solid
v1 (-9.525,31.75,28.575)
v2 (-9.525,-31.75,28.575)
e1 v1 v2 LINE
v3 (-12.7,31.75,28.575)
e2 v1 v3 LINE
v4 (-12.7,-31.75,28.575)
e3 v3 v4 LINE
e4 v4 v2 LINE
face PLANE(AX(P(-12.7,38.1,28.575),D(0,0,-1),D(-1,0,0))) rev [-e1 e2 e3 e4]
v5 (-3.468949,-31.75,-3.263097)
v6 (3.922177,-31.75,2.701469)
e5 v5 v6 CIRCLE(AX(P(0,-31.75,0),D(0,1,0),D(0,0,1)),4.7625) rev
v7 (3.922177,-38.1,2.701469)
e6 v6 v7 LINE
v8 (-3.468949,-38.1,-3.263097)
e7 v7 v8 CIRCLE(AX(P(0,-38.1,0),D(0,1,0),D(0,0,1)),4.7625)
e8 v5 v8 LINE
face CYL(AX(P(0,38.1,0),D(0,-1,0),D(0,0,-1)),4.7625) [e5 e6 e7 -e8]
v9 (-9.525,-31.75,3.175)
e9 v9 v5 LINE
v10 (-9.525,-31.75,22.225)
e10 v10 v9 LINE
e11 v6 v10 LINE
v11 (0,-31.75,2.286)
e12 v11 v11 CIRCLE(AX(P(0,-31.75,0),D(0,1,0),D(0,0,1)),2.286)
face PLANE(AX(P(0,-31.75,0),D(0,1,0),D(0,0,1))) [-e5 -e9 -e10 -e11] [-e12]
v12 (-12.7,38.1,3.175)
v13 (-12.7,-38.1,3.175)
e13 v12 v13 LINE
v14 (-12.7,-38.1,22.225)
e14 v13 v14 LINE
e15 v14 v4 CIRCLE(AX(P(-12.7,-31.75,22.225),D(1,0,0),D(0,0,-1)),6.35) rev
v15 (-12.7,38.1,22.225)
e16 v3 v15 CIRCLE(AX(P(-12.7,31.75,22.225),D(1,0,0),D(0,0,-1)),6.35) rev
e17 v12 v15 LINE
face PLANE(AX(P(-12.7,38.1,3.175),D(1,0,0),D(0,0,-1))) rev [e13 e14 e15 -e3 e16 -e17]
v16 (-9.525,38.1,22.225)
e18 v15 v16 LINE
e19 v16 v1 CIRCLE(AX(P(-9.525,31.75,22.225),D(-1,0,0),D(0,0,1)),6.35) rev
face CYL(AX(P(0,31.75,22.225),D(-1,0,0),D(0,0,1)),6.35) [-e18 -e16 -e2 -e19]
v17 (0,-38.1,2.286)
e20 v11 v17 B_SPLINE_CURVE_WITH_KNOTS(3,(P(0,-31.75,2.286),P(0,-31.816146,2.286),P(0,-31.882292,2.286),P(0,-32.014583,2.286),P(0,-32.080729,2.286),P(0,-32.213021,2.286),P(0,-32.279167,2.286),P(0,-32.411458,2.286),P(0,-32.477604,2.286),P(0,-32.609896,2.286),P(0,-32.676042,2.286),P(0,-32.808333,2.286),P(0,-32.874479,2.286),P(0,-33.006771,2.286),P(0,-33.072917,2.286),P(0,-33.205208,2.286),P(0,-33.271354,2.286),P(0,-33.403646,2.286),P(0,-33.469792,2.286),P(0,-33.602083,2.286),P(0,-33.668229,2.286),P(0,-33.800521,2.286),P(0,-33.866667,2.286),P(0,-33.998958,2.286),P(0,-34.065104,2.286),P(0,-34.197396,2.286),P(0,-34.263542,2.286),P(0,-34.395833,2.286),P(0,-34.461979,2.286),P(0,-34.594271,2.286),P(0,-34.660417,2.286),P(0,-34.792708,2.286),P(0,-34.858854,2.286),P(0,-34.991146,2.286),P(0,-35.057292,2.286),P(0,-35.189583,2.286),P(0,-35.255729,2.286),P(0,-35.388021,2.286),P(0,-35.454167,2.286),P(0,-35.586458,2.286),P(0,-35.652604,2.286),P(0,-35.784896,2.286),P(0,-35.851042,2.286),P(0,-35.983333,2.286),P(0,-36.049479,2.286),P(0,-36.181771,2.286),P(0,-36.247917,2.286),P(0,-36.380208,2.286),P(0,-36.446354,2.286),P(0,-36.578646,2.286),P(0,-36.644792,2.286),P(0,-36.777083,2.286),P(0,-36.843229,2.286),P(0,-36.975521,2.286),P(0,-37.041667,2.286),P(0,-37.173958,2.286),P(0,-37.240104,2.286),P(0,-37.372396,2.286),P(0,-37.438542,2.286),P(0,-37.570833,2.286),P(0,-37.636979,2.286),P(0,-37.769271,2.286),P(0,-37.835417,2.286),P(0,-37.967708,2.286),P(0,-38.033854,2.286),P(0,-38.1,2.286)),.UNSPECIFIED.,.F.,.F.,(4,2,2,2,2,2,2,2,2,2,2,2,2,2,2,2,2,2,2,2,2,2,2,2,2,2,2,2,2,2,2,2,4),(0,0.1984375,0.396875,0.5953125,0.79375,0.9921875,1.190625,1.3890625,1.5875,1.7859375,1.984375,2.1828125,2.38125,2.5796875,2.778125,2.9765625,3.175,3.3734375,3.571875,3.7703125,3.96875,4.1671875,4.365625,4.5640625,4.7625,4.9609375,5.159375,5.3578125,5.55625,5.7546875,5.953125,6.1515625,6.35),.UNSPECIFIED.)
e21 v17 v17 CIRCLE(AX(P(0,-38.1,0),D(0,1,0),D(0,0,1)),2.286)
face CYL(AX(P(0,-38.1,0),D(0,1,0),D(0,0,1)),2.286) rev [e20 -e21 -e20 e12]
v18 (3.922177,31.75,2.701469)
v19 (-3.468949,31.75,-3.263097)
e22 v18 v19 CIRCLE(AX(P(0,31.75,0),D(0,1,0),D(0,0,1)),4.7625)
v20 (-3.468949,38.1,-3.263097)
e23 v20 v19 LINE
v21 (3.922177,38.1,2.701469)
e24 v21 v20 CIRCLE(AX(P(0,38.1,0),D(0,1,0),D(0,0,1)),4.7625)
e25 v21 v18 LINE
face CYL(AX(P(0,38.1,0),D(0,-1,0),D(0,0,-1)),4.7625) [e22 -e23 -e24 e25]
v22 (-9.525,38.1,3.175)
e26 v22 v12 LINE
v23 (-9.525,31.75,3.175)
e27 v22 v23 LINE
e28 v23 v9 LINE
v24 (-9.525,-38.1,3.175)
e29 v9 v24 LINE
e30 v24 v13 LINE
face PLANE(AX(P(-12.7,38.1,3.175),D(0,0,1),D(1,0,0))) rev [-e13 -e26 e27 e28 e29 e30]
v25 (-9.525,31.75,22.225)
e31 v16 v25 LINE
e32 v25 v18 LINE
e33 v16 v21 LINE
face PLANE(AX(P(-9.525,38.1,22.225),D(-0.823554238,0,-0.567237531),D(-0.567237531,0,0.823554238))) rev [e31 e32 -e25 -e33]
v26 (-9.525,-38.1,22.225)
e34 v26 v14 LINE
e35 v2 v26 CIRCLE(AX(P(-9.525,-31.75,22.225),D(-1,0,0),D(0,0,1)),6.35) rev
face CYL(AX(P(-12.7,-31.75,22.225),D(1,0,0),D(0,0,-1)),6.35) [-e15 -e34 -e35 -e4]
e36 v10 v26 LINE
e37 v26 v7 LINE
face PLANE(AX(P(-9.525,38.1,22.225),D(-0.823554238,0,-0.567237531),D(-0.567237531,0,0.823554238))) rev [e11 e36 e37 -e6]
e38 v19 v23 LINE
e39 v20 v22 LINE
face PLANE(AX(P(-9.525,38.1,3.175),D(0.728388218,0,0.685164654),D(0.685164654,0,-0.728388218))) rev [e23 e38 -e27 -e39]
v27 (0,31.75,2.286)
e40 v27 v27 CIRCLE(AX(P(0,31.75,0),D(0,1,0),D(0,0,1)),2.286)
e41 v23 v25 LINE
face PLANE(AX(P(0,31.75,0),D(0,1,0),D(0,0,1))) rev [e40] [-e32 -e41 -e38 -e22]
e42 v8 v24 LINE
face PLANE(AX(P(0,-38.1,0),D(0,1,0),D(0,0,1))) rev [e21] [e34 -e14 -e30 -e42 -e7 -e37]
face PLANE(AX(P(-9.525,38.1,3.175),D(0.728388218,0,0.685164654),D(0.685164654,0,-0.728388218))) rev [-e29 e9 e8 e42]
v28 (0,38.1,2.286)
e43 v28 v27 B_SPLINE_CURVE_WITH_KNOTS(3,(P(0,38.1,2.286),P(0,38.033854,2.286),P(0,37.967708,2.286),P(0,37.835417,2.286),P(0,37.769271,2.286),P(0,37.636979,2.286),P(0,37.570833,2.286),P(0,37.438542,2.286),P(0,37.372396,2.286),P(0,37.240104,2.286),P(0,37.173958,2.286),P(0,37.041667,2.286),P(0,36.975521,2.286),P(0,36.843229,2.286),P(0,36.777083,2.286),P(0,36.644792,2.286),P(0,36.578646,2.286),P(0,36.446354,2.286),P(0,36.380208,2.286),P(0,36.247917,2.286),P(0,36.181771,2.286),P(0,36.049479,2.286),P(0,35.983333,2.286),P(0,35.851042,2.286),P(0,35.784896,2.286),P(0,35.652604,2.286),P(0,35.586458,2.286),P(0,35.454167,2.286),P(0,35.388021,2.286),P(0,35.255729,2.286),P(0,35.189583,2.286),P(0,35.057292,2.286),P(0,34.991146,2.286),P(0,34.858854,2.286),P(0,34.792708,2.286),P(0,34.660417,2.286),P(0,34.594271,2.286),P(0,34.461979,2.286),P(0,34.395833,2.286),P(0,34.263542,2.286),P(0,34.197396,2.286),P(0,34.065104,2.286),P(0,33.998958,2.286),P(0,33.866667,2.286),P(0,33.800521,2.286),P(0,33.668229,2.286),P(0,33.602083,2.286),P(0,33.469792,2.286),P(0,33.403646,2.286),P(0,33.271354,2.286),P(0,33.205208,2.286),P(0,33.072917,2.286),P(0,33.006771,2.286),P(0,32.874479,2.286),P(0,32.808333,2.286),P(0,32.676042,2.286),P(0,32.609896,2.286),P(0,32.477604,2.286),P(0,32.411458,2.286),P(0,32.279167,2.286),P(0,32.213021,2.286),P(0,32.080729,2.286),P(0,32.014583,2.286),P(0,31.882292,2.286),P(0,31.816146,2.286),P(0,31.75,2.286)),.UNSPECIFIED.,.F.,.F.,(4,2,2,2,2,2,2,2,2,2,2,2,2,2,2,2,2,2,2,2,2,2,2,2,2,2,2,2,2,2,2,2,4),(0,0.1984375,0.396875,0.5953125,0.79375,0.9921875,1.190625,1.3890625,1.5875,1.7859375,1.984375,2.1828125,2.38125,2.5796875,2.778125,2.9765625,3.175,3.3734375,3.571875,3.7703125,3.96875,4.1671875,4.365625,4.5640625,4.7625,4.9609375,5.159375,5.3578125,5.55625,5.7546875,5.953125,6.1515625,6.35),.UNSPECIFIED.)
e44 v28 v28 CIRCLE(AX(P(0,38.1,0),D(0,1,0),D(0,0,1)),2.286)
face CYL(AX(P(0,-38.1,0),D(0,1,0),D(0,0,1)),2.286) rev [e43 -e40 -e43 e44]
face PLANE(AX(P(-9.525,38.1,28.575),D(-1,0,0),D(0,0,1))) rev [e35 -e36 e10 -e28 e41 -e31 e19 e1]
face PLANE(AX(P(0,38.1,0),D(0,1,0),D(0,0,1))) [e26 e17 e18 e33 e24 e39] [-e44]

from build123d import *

# Parameters (mm, degrees)
BOSS_EXTRUDE1_DEPTH     = 38.1
CUT_EXTRUDE1_DEPTH      = 31.75
CUT_EXTRUDE1_DEPTH_BACK = 31.75
FILLET1_R               = 6.35
SKETCH3_R               = 2.286
CUT_EXTRUDE2_DEPTH      = 83.366623246


with BuildPart() as part:
    # Sketch1 → Boss-Extrude1 (new, symmetric)
    with BuildSketch(Plane(origin=(0, 0, 0), x_dir=(1, 0, 0), z_dir=(0, 1, 0))):
        with BuildLine():
            Line((-12.7, -3.175), (-12.7, -28.575))
            Line((-12.7, -28.575), (-9.525, -28.575))
            Line((-9.525, -28.575), (-9.525, -22.225))
            Line((-9.525, -22.225), (3.922177061, -2.70146874))
            ThreePointArc((3.922177061, -2.70146874), (2.990880149, 3.706216694), (-3.468948889, 3.263096667))
            Line((-3.468948889, 3.263096667), (-9.525, -3.175))
            Line((-9.525, -3.175), (-12.7, -3.175))
        make_face()
    extrude(amount=BOSS_EXTRUDE1_DEPTH, both=True)

    # Sketch2 → Cut-Extrude1 (cut, two sides: drawn at the far end of the back side and taken through both)
    with BuildSketch(Plane(origin=(0, 0, 0), x_dir=(1, 0, 0), z_dir=(0, 1, 0)).offset(-CUT_EXTRUDE1_DEPTH_BACK)):
        with BuildLine():
            Line((-3.468948889, 3.263096667), (-9.525, -3.175))
            Line((-9.525, -3.175), (-9.525, -22.225))
            Line((-9.525, -22.225), (3.922177061, -2.70146874))
            ThreePointArc((3.922177061, -2.70146874), (2.990880149, 3.706216694), (-3.468948889, 3.263096667))
        make_face()
    extrude(amount=CUT_EXTRUDE1_DEPTH + CUT_EXTRUDE1_DEPTH_BACK, mode=Mode.SUBTRACT)

    # Fillet1
    fillet1_edges = [part.edges().sort_by_distance(p)[0] for p in [
        (-11.1125, -38.1, 28.575),
        (-11.1125, 38.1, 28.575),
    ]]
    fillet(fillet1_edges, radius=FILLET1_R)

    # Sketch3 → Cut-Extrude2 (cut, through all)
    with BuildSketch(Plane(origin=(0, 38.1, 0), x_dir=(1, 0, 0), z_dir=(0, 1, 0))):
        with Locations(Location((0, 0, 0), (0, 0, 270))):
            Circle(SKETCH3_R)
    extrude(amount=-CUT_EXTRUDE2_DEPTH, mode=Mode.SUBTRACT)


solid = part.part
